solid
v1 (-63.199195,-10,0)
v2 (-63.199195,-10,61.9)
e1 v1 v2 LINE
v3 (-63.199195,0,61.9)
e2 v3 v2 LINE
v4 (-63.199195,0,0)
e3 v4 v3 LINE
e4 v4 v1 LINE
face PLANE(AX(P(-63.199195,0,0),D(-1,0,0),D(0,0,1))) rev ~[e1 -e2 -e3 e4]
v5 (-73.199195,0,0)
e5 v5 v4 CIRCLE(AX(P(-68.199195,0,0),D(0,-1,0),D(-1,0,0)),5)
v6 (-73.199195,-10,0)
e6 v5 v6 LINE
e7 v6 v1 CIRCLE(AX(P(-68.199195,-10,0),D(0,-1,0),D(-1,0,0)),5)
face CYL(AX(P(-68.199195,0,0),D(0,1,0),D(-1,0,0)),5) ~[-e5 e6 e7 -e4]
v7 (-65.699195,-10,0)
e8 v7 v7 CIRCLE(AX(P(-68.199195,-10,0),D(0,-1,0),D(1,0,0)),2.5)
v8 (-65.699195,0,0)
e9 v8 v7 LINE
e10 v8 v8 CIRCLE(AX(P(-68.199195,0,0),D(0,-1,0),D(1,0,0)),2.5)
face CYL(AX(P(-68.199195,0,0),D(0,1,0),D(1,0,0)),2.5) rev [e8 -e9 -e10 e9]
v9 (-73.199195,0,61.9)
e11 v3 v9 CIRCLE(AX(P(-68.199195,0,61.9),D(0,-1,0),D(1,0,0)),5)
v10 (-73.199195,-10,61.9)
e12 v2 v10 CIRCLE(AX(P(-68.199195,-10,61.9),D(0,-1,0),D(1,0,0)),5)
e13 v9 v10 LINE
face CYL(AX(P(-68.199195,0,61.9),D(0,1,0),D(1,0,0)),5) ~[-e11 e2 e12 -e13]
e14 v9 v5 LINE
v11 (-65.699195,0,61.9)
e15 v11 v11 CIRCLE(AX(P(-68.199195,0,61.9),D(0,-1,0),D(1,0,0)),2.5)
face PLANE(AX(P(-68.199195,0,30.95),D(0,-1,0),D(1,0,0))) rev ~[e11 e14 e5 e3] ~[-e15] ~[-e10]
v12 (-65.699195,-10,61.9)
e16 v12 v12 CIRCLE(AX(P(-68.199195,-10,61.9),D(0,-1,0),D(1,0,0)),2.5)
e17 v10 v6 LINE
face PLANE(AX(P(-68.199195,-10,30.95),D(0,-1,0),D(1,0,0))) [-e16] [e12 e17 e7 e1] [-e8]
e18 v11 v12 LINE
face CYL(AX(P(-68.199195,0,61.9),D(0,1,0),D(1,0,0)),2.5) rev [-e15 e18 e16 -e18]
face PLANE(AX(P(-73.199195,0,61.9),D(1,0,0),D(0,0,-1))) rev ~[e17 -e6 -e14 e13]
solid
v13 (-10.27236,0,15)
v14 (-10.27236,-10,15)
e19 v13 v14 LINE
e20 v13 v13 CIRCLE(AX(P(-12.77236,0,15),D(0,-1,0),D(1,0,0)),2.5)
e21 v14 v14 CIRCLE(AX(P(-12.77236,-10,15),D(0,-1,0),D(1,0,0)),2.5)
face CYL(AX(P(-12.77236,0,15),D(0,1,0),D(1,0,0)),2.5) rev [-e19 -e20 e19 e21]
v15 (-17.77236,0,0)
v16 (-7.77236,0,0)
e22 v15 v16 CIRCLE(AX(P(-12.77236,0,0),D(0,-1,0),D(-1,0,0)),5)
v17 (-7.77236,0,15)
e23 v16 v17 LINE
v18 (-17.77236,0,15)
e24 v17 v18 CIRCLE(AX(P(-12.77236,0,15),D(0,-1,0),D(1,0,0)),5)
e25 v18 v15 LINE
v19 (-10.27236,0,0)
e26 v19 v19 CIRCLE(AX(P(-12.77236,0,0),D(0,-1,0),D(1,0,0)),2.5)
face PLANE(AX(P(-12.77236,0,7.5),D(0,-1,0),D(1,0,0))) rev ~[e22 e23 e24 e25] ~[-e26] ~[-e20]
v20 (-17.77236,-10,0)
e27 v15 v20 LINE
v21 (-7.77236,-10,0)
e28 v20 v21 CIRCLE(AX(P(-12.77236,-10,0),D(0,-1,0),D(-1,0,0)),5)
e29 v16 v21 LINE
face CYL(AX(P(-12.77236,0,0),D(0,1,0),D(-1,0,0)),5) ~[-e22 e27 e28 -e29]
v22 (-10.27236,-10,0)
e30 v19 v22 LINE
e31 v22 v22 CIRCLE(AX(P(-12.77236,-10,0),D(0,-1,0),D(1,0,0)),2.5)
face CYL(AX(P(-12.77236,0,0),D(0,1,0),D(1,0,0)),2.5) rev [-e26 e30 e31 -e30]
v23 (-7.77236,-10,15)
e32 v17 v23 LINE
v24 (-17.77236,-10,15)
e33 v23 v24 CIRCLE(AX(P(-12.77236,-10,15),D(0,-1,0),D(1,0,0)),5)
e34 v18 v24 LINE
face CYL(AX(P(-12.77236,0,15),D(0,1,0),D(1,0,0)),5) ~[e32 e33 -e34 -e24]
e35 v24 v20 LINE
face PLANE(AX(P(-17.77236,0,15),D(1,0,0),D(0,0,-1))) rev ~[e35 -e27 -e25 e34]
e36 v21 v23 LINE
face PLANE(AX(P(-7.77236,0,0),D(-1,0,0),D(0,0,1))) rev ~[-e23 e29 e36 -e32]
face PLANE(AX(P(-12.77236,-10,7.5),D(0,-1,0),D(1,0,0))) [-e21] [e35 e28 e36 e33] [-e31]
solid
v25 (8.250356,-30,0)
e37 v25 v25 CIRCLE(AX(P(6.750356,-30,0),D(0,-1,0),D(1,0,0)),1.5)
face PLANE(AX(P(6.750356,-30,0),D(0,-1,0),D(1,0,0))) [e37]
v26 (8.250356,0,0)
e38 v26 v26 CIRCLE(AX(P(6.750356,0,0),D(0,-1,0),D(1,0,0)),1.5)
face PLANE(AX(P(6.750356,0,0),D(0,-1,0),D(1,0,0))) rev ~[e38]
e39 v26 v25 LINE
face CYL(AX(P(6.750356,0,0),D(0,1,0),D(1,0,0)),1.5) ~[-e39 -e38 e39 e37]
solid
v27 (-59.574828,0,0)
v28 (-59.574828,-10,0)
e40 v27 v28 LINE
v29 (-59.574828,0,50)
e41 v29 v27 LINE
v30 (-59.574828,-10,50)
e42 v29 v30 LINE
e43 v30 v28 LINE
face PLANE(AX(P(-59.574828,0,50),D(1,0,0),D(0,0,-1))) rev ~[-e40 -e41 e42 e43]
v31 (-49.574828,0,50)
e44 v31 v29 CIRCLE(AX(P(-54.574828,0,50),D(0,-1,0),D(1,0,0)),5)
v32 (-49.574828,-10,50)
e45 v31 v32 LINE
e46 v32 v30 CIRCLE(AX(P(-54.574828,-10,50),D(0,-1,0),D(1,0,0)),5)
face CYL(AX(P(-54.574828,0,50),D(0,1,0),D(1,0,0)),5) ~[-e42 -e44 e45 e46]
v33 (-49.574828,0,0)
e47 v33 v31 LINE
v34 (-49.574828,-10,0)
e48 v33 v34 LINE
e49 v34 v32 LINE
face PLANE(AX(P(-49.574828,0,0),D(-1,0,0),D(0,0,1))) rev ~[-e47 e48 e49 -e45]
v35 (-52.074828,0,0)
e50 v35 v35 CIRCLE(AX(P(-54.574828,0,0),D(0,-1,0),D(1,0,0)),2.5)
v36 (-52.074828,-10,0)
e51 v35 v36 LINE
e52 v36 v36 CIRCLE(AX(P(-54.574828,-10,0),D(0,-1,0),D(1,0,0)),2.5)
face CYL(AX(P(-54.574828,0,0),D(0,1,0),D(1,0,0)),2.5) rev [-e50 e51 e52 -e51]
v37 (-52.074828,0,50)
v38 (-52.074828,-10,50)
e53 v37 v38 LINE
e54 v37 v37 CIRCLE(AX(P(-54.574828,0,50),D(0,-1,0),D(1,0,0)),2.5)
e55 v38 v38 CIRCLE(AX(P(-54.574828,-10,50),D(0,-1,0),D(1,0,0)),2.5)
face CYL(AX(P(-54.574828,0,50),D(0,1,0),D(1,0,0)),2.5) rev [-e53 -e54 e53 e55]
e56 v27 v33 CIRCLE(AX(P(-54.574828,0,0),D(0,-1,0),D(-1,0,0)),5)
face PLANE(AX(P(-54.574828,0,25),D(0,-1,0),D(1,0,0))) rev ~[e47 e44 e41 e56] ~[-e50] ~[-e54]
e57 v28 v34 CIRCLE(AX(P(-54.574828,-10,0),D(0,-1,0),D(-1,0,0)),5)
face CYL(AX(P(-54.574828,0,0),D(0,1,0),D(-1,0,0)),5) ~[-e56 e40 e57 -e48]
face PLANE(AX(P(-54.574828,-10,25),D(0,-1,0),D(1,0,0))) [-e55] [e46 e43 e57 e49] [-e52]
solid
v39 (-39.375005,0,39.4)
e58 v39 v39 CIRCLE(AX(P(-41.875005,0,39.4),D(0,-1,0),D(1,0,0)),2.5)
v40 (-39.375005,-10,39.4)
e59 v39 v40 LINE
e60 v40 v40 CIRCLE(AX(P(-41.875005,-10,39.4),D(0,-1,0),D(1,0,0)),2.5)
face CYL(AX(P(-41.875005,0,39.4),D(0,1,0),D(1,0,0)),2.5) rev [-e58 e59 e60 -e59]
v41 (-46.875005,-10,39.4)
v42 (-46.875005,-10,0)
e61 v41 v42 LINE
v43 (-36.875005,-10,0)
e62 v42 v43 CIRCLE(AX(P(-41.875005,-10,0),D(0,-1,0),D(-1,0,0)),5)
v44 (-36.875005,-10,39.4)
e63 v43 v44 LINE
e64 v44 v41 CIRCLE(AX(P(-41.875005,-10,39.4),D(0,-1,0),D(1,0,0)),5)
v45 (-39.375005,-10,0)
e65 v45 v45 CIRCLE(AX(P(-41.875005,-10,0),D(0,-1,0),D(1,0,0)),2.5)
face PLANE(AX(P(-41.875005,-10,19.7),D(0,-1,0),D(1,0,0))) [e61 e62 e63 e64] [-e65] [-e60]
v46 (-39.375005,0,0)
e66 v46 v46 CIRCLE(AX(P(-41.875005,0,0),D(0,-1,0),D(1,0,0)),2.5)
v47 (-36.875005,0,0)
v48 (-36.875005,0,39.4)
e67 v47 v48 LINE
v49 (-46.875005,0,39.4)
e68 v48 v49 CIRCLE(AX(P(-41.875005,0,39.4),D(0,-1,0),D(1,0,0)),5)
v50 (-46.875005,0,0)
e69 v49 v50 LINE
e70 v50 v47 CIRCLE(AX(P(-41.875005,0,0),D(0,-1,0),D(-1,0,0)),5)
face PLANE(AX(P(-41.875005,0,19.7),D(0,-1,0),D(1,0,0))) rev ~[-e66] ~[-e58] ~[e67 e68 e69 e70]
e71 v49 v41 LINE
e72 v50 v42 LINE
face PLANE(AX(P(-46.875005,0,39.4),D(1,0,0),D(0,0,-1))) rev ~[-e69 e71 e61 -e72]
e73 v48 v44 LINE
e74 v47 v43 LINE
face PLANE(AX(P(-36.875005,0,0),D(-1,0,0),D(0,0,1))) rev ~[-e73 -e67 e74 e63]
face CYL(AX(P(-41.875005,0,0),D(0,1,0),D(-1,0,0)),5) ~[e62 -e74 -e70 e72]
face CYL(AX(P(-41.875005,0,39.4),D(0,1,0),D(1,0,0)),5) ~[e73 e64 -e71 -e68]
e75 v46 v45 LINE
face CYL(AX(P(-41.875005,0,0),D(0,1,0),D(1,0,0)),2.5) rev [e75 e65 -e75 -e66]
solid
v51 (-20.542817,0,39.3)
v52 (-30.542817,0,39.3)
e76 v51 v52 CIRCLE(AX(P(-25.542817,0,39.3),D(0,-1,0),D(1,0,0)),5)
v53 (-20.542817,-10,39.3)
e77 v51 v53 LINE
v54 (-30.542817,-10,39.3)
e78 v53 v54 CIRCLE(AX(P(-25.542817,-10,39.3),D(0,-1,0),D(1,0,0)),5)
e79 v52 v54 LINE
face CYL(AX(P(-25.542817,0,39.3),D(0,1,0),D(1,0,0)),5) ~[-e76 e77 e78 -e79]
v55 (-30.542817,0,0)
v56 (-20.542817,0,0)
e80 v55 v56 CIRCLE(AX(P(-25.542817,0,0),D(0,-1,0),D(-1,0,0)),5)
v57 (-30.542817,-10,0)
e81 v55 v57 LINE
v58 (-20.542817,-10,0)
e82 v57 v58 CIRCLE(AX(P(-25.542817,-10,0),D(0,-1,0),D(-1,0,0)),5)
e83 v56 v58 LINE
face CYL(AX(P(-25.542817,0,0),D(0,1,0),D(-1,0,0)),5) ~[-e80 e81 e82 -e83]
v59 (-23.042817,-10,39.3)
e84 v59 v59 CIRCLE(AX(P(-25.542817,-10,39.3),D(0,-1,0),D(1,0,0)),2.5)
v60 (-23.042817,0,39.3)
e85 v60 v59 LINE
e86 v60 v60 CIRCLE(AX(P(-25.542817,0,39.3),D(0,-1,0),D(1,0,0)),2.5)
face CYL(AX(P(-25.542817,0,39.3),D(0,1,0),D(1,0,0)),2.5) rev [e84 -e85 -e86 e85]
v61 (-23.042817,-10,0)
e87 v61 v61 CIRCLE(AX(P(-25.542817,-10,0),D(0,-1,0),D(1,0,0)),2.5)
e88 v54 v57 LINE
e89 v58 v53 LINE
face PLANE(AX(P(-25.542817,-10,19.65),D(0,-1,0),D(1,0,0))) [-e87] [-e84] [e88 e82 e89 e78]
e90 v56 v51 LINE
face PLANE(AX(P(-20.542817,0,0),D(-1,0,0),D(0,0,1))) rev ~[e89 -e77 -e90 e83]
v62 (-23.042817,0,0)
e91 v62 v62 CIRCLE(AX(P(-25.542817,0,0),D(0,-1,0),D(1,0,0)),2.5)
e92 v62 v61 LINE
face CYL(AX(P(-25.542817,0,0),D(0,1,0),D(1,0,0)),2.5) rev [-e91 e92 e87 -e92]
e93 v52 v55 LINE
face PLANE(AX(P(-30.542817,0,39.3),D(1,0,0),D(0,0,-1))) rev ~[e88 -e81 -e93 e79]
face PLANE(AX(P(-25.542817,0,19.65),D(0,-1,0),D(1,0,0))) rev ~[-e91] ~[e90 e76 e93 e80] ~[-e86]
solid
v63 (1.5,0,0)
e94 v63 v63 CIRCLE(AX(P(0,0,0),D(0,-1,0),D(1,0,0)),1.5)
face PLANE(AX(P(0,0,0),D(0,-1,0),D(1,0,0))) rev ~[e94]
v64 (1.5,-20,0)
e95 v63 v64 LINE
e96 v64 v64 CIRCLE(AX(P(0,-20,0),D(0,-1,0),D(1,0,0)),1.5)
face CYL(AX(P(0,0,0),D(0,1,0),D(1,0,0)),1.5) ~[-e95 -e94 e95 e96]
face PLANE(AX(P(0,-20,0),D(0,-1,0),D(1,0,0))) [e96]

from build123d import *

# Parameters (mm, degrees)
F1_R      = 2.5
F2_DEPTH  = 10
F3_R      = 2.5
F4_DEPTH  = 10
F5_R      = 2.5
F6_DEPTH  = 10
F7_R      = 2.5
F8_DEPTH  = 10
F9_R      = 2.5
F10_DEPTH = 10
F11_R     = 1.5
F12_DEPTH = 20
F13_R     = 1.5
F14_DEPTH = 30


with BuildPart() as f2:
    # F1 (on Front) → F2 (new body)
    with BuildSketch(Plane.XZ):
        with BuildLine():
            Line((-17.7723604936, 15), (-17.7723604936, 0))
            ThreePointArc((-17.7723604936, 0), (-12.7723604936, -5), (-7.7723604936, 0))
            Line((-7.7723604936, 0), (-7.7723604936, 15))
            ThreePointArc((-7.7723604936, 15), (-12.7723604936, 20), (-17.7723604936, 15))
        make_face()
        with Locations((-12.7723604936, 0)):
            Circle(F1_R, mode=Mode.SUBTRACT)
        with Locations((-12.7723604936, 15)):
            Circle(F1_R, mode=Mode.SUBTRACT)
    extrude(amount=F2_DEPTH)


with BuildPart() as f4:
    # F3 (on Front) → F4 (new body)
    with BuildSketch(Plane.XZ):
        with BuildLine():
            Line((-30.5428169801, 39.3), (-30.5428169801, 0))
            ThreePointArc((-30.5428169801, 0), (-25.5428169801, -5), (-20.5428169801, 0))
            Line((-20.5428169801, 0), (-20.5428169801, 39.3))
            ThreePointArc((-20.5428169801, 39.3), (-25.5428169801, 44.3), (-30.5428169801, 39.3))
        make_face()
        with Locations((-25.5428169801, 0)):
            Circle(F3_R, mode=Mode.SUBTRACT)
        with Locations((-25.5428169801, 39.3)):
            Circle(F3_R, mode=Mode.SUBTRACT)
    extrude(amount=F4_DEPTH)


with BuildPart() as f6:
    # F5 (on Front) → F6 (new body)
    with BuildSketch(Plane.XZ):
        with BuildLine():
            Line((-46.8750046201, 39.4), (-46.8750046201, 0))
            ThreePointArc((-46.8750046201, 0), (-41.8750046201, -5), (-36.8750046201, 0))
            Line((-36.8750046201, 0), (-36.8750046201, 39.4))
            ThreePointArc((-36.8750046201, 39.4), (-41.8750046201, 44.4), (-46.8750046201, 39.4))
        make_face()
        with Locations((-41.8750046201, 0)):
            Circle(F5_R, mode=Mode.SUBTRACT)
        with Locations((-41.8750046201, 39.4)):
            Circle(F5_R, mode=Mode.SUBTRACT)
    extrude(amount=F6_DEPTH)


with BuildPart() as f8:
    # F7 (on Front) → F8 (new body)
    with BuildSketch(Plane.XZ):
        with BuildLine():
            Line((-59.5748284761, 50), (-59.5748284761, 0))
            ThreePointArc((-59.5748284761, 0), (-54.5748284761, -5), (-49.5748284761, 0))
            Line((-49.5748284761, 0), (-49.5748284761, 50))
            ThreePointArc((-49.5748284761, 50), (-54.5748284761, 55), (-59.5748284761, 50))
        make_face()
        with Locations((-54.5748284761, 0)):
            Circle(F7_R, mode=Mode.SUBTRACT)
        with Locations((-54.5748284761, 50)):
            Circle(F7_R, mode=Mode.SUBTRACT)
    extrude(amount=F8_DEPTH)


with BuildPart() as f10:
    # F9 (on Front) → F10 (new body)
    with BuildSketch(Plane.XZ):
        with BuildLine():
            Line((-73.1991949677, 61.9), (-73.1991949677, 0))
            ThreePointArc((-73.1991949677, 0), (-68.1991949677, -5), (-63.1991949677, 0))
            Line((-63.1991949677, 0), (-63.1991949677, 61.9))
            ThreePointArc((-63.1991949677, 61.9), (-68.1991949677, 66.9), (-73.1991949677, 61.9))
        make_face()
        with Locations((-68.1991949677, 0)):
            Circle(F9_R, mode=Mode.SUBTRACT)
        with Locations((-68.1991949677, 61.9)):
            Circle(F9_R, mode=Mode.SUBTRACT)
    extrude(amount=F10_DEPTH)


with BuildPart() as f12:
    # F11 (on Front) → F12 (new body)
    with BuildSketch(Plane.XZ):
        Circle(F11_R)
    extrude(amount=F12_DEPTH)


with BuildPart() as f14:
    # F13 (on Front) → F14 (new body)
    with BuildSketch(Plane.XZ):
        with Locations((6.7503562369, 0)):
            Circle(F13_R)
    extrude(amount=F14_DEPTH)


solid = Compound([f2.part, f4.part, f6.part, f8.part, f10.part, f12.part, f14.part])
